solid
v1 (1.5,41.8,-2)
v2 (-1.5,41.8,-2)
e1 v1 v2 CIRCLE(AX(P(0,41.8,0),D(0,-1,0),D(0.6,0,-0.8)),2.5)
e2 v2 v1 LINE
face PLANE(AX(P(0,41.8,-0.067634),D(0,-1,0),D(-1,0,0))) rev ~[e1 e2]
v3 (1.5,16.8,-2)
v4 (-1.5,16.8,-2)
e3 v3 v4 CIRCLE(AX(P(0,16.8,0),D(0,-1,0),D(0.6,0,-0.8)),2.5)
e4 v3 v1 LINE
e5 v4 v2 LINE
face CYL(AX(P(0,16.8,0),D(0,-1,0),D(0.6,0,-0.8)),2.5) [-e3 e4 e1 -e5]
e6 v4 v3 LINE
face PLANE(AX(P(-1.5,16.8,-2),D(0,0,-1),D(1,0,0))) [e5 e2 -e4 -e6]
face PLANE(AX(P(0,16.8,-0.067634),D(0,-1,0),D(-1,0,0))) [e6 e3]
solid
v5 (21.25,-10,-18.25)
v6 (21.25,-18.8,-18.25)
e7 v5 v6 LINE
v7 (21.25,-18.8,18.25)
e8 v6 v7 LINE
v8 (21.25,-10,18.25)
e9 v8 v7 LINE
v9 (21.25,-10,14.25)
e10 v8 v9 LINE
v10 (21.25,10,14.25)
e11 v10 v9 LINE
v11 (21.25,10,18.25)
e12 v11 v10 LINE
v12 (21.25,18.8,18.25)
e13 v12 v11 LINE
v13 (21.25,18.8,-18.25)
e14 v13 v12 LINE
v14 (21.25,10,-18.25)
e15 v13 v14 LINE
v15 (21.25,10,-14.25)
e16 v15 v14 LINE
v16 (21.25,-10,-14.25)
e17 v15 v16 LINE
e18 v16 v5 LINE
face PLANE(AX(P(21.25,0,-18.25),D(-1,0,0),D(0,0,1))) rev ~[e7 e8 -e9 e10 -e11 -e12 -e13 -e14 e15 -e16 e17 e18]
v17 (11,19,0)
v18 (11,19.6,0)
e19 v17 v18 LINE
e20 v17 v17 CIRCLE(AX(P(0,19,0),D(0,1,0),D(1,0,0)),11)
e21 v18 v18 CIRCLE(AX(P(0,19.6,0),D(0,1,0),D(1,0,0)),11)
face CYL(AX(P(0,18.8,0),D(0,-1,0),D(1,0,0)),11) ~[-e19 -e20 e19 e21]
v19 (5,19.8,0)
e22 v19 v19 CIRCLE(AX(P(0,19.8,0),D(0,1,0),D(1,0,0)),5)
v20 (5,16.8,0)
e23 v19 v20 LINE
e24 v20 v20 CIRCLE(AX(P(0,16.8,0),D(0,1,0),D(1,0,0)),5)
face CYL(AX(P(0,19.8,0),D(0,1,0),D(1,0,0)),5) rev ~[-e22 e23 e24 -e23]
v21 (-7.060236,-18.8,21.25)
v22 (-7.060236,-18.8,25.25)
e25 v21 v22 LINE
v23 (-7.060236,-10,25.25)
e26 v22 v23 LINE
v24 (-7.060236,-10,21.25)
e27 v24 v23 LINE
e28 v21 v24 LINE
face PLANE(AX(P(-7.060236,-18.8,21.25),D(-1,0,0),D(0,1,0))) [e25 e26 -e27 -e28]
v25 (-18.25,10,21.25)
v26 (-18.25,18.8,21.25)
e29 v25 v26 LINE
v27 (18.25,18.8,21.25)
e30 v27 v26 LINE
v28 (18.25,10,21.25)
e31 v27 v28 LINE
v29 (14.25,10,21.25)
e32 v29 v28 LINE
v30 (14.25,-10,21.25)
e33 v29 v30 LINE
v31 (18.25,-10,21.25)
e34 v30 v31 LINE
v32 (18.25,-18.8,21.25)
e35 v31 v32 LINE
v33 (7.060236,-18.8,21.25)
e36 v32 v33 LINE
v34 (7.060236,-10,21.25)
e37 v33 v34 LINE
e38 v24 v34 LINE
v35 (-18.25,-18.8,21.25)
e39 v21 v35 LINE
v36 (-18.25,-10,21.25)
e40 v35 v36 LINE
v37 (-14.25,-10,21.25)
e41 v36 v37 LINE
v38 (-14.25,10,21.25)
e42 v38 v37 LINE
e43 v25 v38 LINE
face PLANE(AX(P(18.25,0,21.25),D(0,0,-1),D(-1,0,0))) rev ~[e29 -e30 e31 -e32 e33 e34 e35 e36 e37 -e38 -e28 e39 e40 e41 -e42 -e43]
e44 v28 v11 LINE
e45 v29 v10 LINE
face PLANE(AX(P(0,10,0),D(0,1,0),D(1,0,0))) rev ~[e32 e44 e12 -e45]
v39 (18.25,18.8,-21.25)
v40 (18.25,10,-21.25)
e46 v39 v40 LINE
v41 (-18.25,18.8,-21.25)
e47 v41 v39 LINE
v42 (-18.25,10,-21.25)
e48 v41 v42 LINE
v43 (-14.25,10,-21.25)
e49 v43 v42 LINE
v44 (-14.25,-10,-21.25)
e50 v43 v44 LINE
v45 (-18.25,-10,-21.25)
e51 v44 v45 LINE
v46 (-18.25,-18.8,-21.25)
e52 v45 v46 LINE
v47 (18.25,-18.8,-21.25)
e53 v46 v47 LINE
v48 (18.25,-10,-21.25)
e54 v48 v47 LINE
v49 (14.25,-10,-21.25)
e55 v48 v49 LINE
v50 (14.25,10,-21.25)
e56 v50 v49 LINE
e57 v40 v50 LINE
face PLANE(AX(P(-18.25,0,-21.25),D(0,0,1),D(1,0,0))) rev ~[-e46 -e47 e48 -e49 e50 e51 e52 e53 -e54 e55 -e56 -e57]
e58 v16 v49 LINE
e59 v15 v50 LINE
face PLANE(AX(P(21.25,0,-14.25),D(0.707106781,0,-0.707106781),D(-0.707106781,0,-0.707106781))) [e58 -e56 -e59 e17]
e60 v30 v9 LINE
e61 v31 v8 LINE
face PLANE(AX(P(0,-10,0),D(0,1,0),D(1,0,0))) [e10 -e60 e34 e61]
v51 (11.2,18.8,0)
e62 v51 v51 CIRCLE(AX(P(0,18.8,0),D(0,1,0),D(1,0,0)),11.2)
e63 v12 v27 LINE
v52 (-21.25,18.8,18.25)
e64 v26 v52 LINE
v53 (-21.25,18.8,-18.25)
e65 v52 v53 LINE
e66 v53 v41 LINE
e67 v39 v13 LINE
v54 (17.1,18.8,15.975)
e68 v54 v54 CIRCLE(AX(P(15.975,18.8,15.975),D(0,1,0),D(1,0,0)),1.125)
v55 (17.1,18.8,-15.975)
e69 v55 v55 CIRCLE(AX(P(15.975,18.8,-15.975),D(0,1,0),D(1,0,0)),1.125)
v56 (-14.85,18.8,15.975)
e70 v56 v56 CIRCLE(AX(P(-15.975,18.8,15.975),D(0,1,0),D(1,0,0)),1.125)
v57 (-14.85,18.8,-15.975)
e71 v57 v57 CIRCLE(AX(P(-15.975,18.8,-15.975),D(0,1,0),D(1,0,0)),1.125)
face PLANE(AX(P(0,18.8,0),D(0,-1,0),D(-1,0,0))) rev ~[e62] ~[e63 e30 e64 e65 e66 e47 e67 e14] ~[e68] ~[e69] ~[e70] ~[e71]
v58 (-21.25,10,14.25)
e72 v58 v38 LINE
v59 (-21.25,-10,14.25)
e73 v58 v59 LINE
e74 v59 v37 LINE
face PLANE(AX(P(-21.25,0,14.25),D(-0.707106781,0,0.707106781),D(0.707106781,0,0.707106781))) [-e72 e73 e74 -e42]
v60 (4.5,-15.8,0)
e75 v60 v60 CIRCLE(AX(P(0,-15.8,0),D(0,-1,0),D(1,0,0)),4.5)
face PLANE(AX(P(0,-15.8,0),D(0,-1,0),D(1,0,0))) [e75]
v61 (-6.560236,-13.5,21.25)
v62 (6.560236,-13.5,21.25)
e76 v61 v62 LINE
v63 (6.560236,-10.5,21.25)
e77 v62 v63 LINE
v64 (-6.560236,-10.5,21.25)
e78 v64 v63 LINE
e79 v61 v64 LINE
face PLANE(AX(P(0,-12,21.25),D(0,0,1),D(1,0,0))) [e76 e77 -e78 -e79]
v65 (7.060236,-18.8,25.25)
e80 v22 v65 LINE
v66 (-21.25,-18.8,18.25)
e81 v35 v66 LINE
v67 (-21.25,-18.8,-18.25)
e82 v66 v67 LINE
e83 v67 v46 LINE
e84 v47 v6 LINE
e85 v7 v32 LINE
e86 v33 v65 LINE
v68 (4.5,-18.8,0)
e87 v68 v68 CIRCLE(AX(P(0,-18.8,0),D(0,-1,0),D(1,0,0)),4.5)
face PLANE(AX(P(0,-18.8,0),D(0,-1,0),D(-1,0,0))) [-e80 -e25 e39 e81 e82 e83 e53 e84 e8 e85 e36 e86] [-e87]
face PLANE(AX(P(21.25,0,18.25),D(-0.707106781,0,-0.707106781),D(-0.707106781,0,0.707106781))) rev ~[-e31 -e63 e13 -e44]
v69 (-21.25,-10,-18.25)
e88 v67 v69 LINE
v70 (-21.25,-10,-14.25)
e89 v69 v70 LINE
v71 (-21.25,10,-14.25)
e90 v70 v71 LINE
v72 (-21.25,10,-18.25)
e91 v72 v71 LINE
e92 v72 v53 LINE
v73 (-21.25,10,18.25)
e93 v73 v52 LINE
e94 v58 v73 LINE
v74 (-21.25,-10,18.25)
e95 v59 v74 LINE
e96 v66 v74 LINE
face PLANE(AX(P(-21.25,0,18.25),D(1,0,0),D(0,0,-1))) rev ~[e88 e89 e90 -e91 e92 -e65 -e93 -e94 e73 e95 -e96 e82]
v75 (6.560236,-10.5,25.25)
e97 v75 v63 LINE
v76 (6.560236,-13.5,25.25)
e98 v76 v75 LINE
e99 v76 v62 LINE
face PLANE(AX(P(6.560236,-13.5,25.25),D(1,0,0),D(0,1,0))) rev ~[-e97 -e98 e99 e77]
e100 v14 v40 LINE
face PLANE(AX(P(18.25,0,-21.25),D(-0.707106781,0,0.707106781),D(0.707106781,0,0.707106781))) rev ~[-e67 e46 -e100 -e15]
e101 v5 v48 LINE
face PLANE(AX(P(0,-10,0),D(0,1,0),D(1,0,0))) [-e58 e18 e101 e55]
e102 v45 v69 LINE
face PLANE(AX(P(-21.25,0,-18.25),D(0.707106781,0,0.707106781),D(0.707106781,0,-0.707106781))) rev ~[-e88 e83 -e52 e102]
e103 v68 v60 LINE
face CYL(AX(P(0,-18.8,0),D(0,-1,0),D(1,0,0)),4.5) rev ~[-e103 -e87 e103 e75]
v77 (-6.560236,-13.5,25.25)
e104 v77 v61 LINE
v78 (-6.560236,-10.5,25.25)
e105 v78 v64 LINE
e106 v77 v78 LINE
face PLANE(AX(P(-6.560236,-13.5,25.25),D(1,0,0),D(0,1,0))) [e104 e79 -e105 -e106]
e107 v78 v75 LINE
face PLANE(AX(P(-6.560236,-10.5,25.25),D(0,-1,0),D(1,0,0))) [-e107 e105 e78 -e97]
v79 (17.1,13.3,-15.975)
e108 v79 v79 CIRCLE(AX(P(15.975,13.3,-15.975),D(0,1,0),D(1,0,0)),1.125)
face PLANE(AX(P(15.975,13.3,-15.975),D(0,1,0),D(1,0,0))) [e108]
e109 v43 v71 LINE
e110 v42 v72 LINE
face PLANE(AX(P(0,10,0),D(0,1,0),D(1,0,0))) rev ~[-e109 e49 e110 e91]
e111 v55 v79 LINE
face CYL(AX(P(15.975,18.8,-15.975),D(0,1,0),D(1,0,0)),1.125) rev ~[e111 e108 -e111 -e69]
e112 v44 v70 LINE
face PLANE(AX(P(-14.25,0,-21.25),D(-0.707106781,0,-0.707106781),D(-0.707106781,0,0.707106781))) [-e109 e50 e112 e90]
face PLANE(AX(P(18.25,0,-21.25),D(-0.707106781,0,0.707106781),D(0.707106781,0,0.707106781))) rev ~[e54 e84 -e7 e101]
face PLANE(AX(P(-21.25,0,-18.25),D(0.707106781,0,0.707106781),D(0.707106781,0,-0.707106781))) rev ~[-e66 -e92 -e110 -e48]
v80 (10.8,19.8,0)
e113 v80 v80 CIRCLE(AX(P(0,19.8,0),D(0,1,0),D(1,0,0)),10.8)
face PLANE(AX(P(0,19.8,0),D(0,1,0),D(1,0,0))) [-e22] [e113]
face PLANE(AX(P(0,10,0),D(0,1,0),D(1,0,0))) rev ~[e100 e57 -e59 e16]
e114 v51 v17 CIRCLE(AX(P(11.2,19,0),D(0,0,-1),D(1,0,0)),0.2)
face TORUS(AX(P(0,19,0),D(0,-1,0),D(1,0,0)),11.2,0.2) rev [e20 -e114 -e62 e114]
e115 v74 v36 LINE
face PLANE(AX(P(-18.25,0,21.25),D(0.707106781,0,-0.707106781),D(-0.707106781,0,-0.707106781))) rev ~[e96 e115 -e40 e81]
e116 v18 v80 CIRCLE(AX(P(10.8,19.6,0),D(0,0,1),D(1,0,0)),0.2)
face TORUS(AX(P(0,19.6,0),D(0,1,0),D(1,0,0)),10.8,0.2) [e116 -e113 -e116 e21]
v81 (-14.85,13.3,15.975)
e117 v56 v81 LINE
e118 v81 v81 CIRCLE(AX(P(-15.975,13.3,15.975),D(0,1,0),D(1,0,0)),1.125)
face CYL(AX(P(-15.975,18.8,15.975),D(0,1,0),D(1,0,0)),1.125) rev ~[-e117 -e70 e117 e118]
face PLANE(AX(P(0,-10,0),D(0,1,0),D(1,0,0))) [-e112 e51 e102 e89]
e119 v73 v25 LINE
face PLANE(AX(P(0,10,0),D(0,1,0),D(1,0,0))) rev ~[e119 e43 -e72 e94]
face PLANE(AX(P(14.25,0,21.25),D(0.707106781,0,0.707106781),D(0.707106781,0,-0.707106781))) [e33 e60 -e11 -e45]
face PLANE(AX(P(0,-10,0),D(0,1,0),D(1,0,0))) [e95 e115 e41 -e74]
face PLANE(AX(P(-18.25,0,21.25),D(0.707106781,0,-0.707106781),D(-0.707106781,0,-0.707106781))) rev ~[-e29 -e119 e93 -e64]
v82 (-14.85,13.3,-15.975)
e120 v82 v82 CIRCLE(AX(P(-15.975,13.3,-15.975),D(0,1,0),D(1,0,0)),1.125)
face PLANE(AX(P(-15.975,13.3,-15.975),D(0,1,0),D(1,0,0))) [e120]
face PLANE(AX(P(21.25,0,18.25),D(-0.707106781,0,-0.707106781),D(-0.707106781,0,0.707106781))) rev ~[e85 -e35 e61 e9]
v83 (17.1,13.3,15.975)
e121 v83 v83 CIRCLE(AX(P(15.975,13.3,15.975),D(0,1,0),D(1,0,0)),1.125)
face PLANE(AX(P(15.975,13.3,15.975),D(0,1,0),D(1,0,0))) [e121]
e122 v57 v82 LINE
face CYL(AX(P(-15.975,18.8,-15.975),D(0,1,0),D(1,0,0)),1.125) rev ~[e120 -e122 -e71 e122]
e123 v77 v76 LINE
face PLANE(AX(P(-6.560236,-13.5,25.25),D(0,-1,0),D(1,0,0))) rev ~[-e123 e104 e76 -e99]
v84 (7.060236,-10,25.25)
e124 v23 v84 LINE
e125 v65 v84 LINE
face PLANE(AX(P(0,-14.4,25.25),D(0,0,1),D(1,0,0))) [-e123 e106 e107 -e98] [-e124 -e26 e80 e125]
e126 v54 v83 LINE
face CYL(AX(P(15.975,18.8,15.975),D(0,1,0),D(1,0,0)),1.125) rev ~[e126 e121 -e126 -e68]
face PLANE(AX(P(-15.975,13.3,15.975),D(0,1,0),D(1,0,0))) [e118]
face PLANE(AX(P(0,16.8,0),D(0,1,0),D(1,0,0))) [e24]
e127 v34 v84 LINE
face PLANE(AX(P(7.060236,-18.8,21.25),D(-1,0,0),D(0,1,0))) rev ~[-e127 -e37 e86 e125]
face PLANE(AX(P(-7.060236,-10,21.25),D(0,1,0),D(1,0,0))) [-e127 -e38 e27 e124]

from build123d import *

# Parameters (mm, degrees)
BOSS_EXTRUDE1_DEPTH   = 18.8
SKETCH2_OUTSIDE_W     = 58.68
SKETCH2_OUTSIDE_H     = 58.68
CUT_EXTRUDE1_DEPTH    = 10
SKETCH3_W             = 14.12047277
SKETCH3_H             = 8.8
BOSS_EXTRUDE2_DEPTH   = 4
SKETCH4_W             = 13.12047277
SKETCH4_H             = 3
CUT_EXTRUDE2_DEPTH    = 4
SKETCH5_R             = 4.5
CUT_EXTRUDE3_DEPTH    = 3
SKETCH6_R             = 11
BOSS_EXTRUDE3_DEPTH   = 1
FILLET1_R             = 0.2
SKETCH7_R             = 5
CUT_EXTRUDE4_DEPTH    = 3
BOSS_EXTRUDE4_DEPTH   = 25
ESBO_O1_R             = 1.125
CORTE_EXTRUS_O1_DEPTH = 5.5


with BuildPart() as part:
    # Sketch1 → Boss-Extrude1 (new body, symmetric)
    with BuildSketch(Plane(origin=(0, 0, 0), x_dir=(1, 0, 0), z_dir=(0, 1, 0))):
        Polygon((-21.25, 18.25), (-18.25, 21.25), (18.25, 21.25), (21.25, 18.25), (21.25, -18.25), (18.25, -21.25), (-18.25, -21.25), (-21.25, -18.25), align=None)
    extrude(amount=BOSS_EXTRUDE1_DEPTH, both=True)

    # Sketch2 outside → Cut-Extrude1 (cut, symmetric)
    with BuildSketch(Plane(origin=(0, 0, 0), x_dir=(1, 0, 0), z_dir=(0, 1, 0))):
        Rectangle(SKETCH2_OUTSIDE_W, SKETCH2_OUTSIDE_H)
        Polygon((-21.25, 14.25), (-21.25, -14.25), (-14.25, -21.25), (14.25, -21.25), (21.25, -14.25), (21.25, 14.25), (14.25, 21.25), (-14.25, 21.25), align=None, mode=Mode.SUBTRACT)
    extrude(amount=CUT_EXTRUDE1_DEPTH, both=True, mode=Mode.SUBTRACT)

    # Sketch3 → Boss-Extrude2 (add)
    with BuildSketch(Plane.XY.offset(21.25)):
        with Locations((0, -14.4)):
            Rectangle(SKETCH3_W, SKETCH3_H)
    extrude(amount=BOSS_EXTRUDE2_DEPTH)

    # Sketch4 → Cut-Extrude2 (cut)
    with BuildSketch(Plane.XY.offset(25.25)):
        with Locations((0, -12)):
            Rectangle(SKETCH4_W, SKETCH4_H)
    extrude(amount=-CUT_EXTRUDE2_DEPTH, mode=Mode.SUBTRACT)

    # Sketch5 → Cut-Extrude3 (cut)
    with BuildSketch(Plane.XZ.offset(18.8)):
        Circle(SKETCH5_R)
    extrude(amount=-CUT_EXTRUDE3_DEPTH, mode=Mode.SUBTRACT)

    # Sketch6 → Boss-Extrude3 (add)
    with BuildSketch(Plane(origin=(0, 18.8, 0), x_dir=(1, 0, 0), z_dir=(0, 1, 0))):
        Circle(SKETCH6_R)
    extrude(amount=BOSS_EXTRUDE3_DEPTH)

    # Fillet1
    fillet1_edges = [part.edges().sort_by_distance(p)[0] for p in [
        (-11, 18.8, 0),
        (-11, 19.8, 0),
    ]]
    fillet(fillet1_edges, radius=FILLET1_R)

    # Sketch7 → Cut-Extrude4 (cut)
    with BuildSketch(Plane(origin=(0, 19.8, 0), x_dir=(1, 0, 0), z_dir=(0, 1, 0))):
        Circle(SKETCH7_R)
    extrude(amount=-CUT_EXTRUDE4_DEPTH, mode=Mode.SUBTRACT)

    # Esboço1 → Corte-extrusão1 (cut)
    with BuildSketch(Plane(origin=(0, 18.8, 0), x_dir=(1, 0, 0), z_dir=(0, 1, 0))):
        with Locations((-15.975, 15.975)):
            Circle(ESBO_O1_R)
        with Locations((15.975, 15.975)):
            Circle(ESBO_O1_R)
        with Locations((15.975, -15.975)):
            Circle(ESBO_O1_R)
        with Locations((-15.975, -15.975)):
            Circle(ESBO_O1_R)
    extrude(amount=-CORTE_EXTRUS_O1_DEPTH, mode=Mode.SUBTRACT)


with BuildPart() as body_2:
    # Sketch8 → Boss-Extrude4 (new body)
    with BuildSketch(Plane(origin=(0, 16.8, 0), x_dir=(1, 0, 0), z_dir=(0, 1, 0))):
        with BuildLine():
            Line((-1.5, 2), (1.5, 2))
            ThreePointArc((1.5, 2), (0, -2.5), (-1.5, 2))
        make_face()
    extrude(amount=BOSS_EXTRUDE4_DEPTH)


solid = Compound([part.part, body_2.part])
